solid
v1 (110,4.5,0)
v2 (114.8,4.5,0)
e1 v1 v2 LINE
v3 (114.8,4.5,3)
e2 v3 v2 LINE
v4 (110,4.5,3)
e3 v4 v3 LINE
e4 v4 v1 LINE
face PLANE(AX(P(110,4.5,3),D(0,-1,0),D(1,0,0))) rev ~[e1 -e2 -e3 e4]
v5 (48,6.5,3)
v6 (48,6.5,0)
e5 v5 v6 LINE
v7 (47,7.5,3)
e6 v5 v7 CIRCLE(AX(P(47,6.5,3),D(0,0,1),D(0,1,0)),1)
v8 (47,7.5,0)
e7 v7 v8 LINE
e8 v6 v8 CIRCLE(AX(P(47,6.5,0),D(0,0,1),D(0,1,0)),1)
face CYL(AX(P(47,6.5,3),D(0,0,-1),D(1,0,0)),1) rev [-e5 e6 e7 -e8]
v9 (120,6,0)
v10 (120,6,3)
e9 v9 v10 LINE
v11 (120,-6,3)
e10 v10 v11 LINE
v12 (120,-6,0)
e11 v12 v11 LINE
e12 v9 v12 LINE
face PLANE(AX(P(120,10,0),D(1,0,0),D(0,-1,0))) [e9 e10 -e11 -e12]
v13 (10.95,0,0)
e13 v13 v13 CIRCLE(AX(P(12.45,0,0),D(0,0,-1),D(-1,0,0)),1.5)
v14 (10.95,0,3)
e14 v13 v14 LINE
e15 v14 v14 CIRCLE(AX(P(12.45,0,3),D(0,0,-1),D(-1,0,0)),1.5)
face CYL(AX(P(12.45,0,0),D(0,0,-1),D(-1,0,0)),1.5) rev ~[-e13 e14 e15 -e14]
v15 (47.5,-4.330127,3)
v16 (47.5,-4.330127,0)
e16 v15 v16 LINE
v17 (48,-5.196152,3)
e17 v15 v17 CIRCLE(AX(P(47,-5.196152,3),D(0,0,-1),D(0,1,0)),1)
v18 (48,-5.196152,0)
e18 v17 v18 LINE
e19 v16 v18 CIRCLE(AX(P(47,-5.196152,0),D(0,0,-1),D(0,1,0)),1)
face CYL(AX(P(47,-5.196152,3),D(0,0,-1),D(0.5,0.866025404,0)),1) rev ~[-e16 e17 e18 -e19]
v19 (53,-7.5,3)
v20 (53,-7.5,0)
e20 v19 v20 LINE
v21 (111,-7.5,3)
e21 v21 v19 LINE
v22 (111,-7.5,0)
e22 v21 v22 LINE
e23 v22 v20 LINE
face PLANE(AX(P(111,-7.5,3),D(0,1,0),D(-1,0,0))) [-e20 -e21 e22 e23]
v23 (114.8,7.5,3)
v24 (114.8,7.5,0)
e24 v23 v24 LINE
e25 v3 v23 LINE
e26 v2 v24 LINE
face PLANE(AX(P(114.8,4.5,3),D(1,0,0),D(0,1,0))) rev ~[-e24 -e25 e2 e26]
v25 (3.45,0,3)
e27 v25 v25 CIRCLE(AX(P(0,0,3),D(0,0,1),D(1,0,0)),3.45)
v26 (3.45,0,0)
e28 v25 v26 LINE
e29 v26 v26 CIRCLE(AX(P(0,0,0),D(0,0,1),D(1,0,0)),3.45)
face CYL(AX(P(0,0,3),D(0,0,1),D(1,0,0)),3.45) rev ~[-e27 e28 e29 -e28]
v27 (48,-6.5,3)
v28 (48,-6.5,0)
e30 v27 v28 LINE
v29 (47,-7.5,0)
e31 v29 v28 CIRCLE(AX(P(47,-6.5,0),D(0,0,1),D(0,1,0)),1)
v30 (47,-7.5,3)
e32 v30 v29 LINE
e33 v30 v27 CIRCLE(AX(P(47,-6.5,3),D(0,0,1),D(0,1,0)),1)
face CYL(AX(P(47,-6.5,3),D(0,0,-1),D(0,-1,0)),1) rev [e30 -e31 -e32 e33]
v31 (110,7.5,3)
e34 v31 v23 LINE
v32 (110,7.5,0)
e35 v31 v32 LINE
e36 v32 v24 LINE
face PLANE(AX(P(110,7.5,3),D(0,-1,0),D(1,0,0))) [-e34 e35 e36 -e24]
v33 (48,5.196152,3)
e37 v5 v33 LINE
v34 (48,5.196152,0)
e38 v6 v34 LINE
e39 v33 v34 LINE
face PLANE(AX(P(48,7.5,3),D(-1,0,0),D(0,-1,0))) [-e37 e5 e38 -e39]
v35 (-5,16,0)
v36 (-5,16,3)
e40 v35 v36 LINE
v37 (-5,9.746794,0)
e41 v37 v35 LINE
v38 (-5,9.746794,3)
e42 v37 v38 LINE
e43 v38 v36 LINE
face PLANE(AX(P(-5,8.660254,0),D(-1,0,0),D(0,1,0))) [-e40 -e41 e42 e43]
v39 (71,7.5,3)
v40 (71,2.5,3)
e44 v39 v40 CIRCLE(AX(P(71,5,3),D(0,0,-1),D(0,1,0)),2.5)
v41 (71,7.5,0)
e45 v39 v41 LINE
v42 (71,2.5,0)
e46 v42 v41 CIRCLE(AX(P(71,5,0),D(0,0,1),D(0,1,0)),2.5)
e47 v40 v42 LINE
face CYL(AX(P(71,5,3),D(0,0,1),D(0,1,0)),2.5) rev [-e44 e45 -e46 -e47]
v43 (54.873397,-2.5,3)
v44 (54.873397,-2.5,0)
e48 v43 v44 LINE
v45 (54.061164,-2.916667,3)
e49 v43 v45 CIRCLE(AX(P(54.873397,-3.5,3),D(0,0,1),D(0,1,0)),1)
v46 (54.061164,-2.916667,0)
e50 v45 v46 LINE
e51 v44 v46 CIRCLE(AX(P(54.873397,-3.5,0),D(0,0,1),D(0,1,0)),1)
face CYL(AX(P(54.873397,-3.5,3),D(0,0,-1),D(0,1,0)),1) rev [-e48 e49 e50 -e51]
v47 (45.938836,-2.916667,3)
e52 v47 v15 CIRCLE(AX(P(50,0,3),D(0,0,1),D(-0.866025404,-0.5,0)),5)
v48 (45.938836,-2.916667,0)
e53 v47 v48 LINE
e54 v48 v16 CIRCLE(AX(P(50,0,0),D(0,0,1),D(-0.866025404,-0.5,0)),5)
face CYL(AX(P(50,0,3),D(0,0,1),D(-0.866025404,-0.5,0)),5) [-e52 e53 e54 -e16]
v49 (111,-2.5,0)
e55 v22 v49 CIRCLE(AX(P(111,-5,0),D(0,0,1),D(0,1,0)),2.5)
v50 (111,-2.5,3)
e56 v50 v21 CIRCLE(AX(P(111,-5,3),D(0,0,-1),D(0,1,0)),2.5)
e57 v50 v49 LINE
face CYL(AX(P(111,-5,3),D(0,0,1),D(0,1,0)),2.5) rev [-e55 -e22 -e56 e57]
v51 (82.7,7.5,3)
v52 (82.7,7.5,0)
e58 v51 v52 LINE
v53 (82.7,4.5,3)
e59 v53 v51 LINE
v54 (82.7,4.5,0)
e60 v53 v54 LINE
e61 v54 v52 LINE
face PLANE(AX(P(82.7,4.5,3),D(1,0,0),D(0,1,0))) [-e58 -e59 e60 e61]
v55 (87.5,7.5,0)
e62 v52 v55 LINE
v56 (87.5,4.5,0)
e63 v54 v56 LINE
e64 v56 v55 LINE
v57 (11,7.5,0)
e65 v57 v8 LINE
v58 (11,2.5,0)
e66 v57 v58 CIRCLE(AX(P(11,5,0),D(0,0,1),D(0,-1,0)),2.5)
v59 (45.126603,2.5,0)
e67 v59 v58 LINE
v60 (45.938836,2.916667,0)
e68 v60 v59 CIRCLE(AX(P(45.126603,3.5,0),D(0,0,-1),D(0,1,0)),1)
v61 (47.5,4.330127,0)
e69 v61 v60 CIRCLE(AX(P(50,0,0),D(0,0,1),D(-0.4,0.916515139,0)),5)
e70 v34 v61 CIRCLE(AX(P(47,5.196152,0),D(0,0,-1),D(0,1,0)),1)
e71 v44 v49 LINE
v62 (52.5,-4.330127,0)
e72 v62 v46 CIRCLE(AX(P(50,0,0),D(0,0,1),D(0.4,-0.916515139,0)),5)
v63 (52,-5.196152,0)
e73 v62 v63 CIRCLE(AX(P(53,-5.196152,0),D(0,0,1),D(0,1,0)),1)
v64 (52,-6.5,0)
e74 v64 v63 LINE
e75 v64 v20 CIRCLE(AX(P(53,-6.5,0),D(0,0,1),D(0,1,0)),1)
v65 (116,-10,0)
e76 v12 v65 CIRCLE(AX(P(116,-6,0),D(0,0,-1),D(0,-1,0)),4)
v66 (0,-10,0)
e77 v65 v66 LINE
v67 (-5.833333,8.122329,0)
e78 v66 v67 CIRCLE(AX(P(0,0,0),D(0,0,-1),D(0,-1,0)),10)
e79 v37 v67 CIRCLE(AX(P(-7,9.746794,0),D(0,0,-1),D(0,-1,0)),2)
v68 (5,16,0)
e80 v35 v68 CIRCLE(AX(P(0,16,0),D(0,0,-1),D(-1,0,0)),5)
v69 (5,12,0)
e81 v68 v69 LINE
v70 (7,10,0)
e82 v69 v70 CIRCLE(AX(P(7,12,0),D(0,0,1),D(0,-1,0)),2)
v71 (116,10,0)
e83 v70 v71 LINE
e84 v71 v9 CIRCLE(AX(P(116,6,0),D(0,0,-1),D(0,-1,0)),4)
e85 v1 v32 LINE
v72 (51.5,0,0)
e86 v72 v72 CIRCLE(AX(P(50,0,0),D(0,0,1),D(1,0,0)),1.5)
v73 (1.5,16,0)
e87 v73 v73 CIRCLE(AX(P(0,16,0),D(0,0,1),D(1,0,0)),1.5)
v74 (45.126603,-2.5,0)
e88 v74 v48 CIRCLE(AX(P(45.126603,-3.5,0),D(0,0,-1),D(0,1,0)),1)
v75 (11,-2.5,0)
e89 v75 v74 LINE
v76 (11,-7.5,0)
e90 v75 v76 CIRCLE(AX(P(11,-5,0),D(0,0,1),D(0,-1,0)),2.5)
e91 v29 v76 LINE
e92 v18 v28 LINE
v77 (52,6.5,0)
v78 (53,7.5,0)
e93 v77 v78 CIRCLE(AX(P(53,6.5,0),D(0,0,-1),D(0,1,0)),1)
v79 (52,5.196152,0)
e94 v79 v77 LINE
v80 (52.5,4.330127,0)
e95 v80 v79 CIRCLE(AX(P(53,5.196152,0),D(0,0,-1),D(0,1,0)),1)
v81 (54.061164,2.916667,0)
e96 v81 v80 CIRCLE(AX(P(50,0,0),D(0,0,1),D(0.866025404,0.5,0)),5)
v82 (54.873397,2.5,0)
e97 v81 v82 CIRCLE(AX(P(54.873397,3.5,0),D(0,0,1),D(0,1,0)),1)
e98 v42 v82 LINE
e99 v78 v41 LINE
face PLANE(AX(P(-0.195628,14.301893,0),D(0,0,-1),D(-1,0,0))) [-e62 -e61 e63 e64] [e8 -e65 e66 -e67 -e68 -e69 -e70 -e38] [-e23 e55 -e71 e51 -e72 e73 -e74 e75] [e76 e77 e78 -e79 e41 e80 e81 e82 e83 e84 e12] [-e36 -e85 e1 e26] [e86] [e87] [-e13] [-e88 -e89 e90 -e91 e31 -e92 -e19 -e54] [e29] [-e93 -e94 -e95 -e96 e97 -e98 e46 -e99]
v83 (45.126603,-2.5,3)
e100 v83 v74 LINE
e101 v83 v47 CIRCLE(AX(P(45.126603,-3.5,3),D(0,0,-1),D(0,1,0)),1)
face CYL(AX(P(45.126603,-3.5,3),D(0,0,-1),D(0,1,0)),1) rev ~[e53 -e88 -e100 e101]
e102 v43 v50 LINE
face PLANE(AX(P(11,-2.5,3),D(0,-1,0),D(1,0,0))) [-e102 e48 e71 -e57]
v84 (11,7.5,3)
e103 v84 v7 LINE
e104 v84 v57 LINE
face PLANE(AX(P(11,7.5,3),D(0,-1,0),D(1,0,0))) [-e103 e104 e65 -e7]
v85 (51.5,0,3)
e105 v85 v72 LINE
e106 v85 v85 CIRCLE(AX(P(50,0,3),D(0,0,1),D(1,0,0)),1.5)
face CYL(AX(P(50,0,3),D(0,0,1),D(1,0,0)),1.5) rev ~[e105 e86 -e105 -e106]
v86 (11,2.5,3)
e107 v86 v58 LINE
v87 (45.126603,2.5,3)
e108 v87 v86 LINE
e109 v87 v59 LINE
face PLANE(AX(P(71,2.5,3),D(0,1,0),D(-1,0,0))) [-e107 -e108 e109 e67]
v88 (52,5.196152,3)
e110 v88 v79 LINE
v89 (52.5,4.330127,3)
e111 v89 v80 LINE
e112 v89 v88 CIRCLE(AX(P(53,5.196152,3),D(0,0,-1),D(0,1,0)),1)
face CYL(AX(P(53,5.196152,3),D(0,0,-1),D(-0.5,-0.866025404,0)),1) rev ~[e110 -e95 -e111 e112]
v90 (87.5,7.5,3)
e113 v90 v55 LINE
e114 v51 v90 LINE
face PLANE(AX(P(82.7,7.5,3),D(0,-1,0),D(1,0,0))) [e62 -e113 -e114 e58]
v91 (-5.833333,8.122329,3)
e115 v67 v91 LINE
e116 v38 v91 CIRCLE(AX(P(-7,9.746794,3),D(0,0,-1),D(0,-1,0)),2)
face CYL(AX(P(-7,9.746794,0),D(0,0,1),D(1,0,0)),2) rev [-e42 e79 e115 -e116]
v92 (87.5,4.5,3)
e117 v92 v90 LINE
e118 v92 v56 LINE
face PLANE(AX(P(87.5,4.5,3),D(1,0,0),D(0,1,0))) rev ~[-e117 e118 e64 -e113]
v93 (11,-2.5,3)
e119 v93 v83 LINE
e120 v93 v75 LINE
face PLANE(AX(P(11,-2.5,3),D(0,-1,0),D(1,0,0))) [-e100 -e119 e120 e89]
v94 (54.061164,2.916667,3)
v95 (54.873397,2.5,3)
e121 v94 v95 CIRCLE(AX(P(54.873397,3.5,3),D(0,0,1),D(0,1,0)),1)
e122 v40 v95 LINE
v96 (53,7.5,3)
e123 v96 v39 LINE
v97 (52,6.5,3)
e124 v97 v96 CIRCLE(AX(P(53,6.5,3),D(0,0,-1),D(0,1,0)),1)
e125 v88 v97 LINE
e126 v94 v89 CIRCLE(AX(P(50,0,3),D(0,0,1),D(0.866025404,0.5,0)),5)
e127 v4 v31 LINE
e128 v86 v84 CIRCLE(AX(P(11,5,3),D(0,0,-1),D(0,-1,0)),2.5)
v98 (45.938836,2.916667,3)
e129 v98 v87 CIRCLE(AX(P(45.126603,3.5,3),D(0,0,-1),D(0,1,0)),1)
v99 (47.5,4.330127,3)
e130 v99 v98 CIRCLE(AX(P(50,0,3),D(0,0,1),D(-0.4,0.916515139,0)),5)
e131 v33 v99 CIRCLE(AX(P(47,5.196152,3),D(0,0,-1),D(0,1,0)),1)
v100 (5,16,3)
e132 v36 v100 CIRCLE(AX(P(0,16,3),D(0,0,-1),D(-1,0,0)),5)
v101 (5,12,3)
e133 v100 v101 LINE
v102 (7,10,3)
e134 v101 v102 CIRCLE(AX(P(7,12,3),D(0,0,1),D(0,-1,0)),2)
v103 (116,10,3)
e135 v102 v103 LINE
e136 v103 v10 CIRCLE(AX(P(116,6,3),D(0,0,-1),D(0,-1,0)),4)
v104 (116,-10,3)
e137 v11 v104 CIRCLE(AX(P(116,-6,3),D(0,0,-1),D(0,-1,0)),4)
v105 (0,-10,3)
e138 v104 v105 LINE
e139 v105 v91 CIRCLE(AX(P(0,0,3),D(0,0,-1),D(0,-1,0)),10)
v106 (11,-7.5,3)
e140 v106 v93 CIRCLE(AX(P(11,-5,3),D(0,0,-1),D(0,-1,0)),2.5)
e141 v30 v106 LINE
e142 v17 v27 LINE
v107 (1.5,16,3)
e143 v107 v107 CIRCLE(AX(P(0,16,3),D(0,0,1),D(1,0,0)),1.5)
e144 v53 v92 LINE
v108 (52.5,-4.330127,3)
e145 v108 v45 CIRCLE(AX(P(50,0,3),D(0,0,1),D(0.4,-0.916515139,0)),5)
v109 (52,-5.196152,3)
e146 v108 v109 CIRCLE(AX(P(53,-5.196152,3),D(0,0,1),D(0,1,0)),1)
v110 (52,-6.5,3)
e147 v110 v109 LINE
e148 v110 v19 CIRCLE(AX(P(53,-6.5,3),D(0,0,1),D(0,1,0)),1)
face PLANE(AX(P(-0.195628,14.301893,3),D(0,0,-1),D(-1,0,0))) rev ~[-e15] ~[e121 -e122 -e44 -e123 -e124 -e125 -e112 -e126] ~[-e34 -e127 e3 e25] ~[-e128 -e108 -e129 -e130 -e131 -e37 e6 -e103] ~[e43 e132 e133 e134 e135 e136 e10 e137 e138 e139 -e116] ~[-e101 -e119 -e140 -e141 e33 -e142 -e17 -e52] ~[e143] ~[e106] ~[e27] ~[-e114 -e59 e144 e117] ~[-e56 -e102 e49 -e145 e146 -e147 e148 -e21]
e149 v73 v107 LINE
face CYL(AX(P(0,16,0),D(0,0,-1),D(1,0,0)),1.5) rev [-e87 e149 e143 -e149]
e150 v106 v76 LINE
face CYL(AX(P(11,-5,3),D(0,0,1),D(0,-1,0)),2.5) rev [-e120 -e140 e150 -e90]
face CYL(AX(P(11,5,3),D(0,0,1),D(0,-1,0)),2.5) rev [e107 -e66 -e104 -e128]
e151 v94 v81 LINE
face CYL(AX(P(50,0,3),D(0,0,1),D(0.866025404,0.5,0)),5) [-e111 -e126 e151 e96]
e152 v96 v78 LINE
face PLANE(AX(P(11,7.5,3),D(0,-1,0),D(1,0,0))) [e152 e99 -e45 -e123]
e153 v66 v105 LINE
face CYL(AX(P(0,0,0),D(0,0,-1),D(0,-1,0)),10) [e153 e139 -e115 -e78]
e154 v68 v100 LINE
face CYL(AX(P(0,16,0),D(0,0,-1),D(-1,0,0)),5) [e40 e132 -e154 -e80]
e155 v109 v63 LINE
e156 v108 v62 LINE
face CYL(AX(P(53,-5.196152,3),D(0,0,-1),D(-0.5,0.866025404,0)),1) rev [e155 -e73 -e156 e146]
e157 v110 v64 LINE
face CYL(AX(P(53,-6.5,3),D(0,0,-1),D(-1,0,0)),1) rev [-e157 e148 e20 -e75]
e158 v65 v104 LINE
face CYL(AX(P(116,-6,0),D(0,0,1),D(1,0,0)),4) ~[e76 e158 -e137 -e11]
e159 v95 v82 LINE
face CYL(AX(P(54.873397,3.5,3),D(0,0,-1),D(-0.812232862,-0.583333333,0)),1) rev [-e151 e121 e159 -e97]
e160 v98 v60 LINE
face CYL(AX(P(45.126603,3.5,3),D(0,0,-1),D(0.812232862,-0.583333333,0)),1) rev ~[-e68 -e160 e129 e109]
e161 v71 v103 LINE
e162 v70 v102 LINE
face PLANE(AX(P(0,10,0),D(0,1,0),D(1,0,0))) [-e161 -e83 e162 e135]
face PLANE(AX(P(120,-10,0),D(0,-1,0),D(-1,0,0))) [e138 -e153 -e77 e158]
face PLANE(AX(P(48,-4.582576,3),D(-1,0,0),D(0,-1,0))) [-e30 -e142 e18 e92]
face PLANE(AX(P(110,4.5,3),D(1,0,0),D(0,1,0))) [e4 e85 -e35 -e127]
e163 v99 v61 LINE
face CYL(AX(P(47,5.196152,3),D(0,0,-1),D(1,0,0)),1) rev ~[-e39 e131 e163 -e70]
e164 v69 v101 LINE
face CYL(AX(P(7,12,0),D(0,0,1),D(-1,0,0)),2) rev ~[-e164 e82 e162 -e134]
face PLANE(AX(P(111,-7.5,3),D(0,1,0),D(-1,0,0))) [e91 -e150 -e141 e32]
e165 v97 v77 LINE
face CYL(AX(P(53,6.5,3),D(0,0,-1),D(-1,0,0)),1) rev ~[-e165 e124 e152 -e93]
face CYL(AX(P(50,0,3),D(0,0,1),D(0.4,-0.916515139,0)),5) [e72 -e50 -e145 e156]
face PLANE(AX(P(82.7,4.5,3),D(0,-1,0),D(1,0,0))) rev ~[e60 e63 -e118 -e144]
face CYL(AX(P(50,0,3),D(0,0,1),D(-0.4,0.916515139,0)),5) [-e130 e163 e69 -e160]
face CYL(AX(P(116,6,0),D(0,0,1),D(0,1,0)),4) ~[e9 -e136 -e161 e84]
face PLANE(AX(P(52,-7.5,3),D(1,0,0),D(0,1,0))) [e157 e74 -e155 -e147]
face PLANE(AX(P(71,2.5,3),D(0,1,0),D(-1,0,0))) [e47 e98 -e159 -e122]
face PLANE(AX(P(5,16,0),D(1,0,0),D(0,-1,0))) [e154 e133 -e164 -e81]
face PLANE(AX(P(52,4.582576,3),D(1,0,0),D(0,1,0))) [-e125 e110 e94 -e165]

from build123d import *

# Parameters (mm, degrees)
BOSS_EXTRUDE1_DEPTH = 3
CUT_EXTRUDE1_REACH  = 122.453
SKETCH2_R           = 3.45
FILLET1_R           = 4
CUT_EXTRUDE2_REACH  = 122.453
SKETCH3_W           = 4.8
SKETCH3_H           = 3
CUT_EXTRUDE3_REACH  = 122.453
SKETCH5_R           = 1.5
BOSS_EXTRUDE2_DEPTH = 3
CUT_EXTRUDE4_REACH  = 122.453
SKETCH5_3_R         = 1.5
FILLET2_R           = 1
CUT_EXTRUDE5_REACH  = 122.453
SKETCH6_R           = 1.5
BOSS_EXTRUDE3_START = -3
SKETCH8_R           = 1.5
BOSS_EXTRUDE3_DEPTH = 3
FILLET3_R           = 2


with BuildPart() as part:
    # Sketch1 → Boss-Extrude1 (new body)
    with BuildSketch(Plane.XY):
        with BuildLine():
            Line((0, 10), (120, 10))
            Line((120, 10), (120, -10))
            Line((120, -10), (0, -10))
            ThreePointArc((0, -10), (-10, 0), (0, 10))
        make_face()
    extrude(amount=BOSS_EXTRUDE1_DEPTH)

    # Sketch2 → Cut-Extrude1 (cut, up to next)
    with BuildSketch(Plane.XY.offset(3), mode=Mode.PRIVATE) as cut_extrude1_sk1:
        Circle(SKETCH2_R)
    cut_extrude1_tool1 = extrude(cut_extrude1_sk1.sketch, amount=-CUT_EXTRUDE1_REACH, mode=Mode.PRIVATE) & part.part
    add(cut_extrude1_tool1.solids().sort_by_distance((0, 0, 3))[0], mode=Mode.SUBTRACT)

    # Fillet1
    fillet1_edges = [part.edges().sort_by_distance(p)[0] for p in [
        (120, 10, 1.5),
        (120, -10, 1.5),
    ]]
    fillet(fillet1_edges, radius=FILLET1_R)

    # Sketch3 → Cut-Extrude2 (cut, up to next)
    with BuildSketch(Plane.XY.offset(3), mode=Mode.PRIVATE) as cut_extrude2_sk1:
        with Locations((85.1, 6)):
            Rectangle(SKETCH3_W, SKETCH3_H)
    cut_extrude2_tool1 = extrude(cut_extrude2_sk1.sketch, amount=-CUT_EXTRUDE2_REACH, mode=Mode.PRIVATE) & part.part
    # Sketch3 → Cut-Extrude2 (cut, up to next)
    with BuildSketch(Plane.XY.offset(3), mode=Mode.PRIVATE) as cut_extrude2_sk2:
        with Locations((112.4, 6)):
            Rectangle(SKETCH3_W, SKETCH3_H)
    cut_extrude2_tool2 = extrude(cut_extrude2_sk2.sketch, amount=-CUT_EXTRUDE2_REACH, mode=Mode.PRIVATE) & part.part
    add(cut_extrude2_tool1.solids().sort_by_distance((85.1, 6, 3))[0], mode=Mode.SUBTRACT)
    add(cut_extrude2_tool2.solids().sort_by_distance((112.4, 6, 3))[0], mode=Mode.SUBTRACT)

    # Sketch4 → Cut-Extrude3 (cut, up to next)
    with BuildSketch(Plane.XY.offset(3), mode=Mode.PRIVATE) as cut_extrude3_sk1:
        with BuildLine():
            Line((11, 7.5), (71, 7.5))
            ThreePointArc((71, 7.5), (73.5, 5), (71, 2.5))
            Line((71, 2.5), (11, 2.5))
            ThreePointArc((11, 2.5), (8.5, 5), (11, 7.5))
        make_face()
    cut_extrude3_tool1 = extrude(cut_extrude3_sk1.sketch, amount=-CUT_EXTRUDE3_REACH, mode=Mode.PRIVATE) & part.part
    # Sketch4 → Cut-Extrude3 (cut, up to next)
    with BuildSketch(Plane.XY.offset(3), mode=Mode.PRIVATE) as cut_extrude3_sk2:
        with BuildLine():
            Line((11, -2.5), (111, -2.5))
            ThreePointArc((111, -2.5), (113.5, -5), (111, -7.5))
            Line((111, -7.5), (11, -7.5))
            ThreePointArc((11, -7.5), (8.5, -5), (11, -2.5))
        make_face()
    cut_extrude3_tool2 = extrude(cut_extrude3_sk2.sketch, amount=-CUT_EXTRUDE3_REACH, mode=Mode.PRIVATE) & part.part
    add(cut_extrude3_tool1.solids().sort_by_distance((41, 5, 3))[0], mode=Mode.SUBTRACT)
    add(cut_extrude3_tool2.solids().sort_by_distance((61, -5, 3))[0], mode=Mode.SUBTRACT)

    # Sketch5 → Boss-Extrude2 (add)
    # profile 1 of 3: a face of its own
    with BuildSketch(Plane.XY.offset(3)):
        with BuildLine():
            Line((52, 7.5), (48, 7.5))
            Line((48, 7.5), (48, 4.582575695))
            ThreePointArc((48, 4.582575695), (46.668047509, 3.728014565), (45.669872981, 2.5))
            Line((45.669872981, 2.5), (54.330127019, 2.5))
            ThreePointArc((54.330127019, 2.5), (53.331952491, 3.728014565), (52, 4.582575695))
            Line((52, 4.582575695), (52, 7.5))
        make_face()
    # profile 2 of 3: a face of its own
    with BuildSketch(Plane.XY.offset(3)):
        with BuildLine():
            Line((54.330127019, -2.5), (45.669872981, -2.5))
            ThreePointArc((45.669872981, -2.5), (46.668047509, -3.728014565), (48, -4.582575695))
            Line((48, -4.582575695), (48, -7.5))
            Line((48, -7.5), (52, -7.5))
            Line((52, -7.5), (52, -4.582575695))
            ThreePointArc((52, -4.582575695), (53.331952491, -3.728014565), (54.330127019, -2.5))
        make_face()
    # profile 3 of 3: a face of its own
    with BuildSketch(Plane.XY.offset(3)):
        with BuildLine():
            Line((54.330127019, 2.5), (45.669872981, 2.5))
            ThreePointArc((45.669872981, 2.5), (45, 0), (45.669872981, -2.5))
            Line((45.669872981, -2.5), (54.330127019, -2.5))
            ThreePointArc((54.330127019, -2.5), (55, 0), (54.330127019, 2.5))
        make_face()
        with Locations((50, 0)):
            Circle(SKETCH5_R, mode=Mode.SUBTRACT)
    extrude(amount=-BOSS_EXTRUDE2_DEPTH)

    # Sketch5<3> → Cut-Extrude4 (cut, up to next)
    with BuildSketch(Plane.XY.offset(3), mode=Mode.PRIVATE) as cut_extrude4_sk1:
        with Locations((50, 0)):
            Circle(SKETCH5_3_R)
    cut_extrude4_tool1 = extrude(cut_extrude4_sk1.sketch, amount=-CUT_EXTRUDE4_REACH, mode=Mode.PRIVATE) & part.part
    add(cut_extrude4_tool1.solids().sort_by_distance((50, 0, 3))[0], mode=Mode.SUBTRACT)

    # Fillet2
    fillet2_edges = [part.edges().sort_by_distance(p)[0] for p in [
        (52, 4.582575695, 1.5),
        (48, -4.582575695, 1.5),
        (48, -7.5, 1.5),
        (52, -7.5, 1.5),
        (52, -4.582575695, 1.5),
        (54.330127019, -2.5, 1.5),
        (52, 7.5, 1.5),
        (48, 7.5, 1.5),
        (48, 4.582575695, 1.5),
        (45.669872981, -2.5, 1.5),
        (45.669872981, 2.5, 1.5),
        (54.330127019, 2.5, 1.5),
    ]]
    fillet(fillet2_edges, radius=FILLET2_R)

    # Sketch6 → Cut-Extrude5 (cut, up to next)
    with BuildSketch(Plane(origin=(0, 0, 0), x_dir=(-1, 0, 0), z_dir=(0, 0, -1)), mode=Mode.PRIVATE) as cut_extrude5_sk1:
        with Locations((-12.45, 0)):
            Circle(SKETCH6_R)
    cut_extrude5_tool1 = extrude(cut_extrude5_sk1.sketch, amount=-CUT_EXTRUDE5_REACH, mode=Mode.PRIVATE) & part.part
    add(cut_extrude5_tool1.solids().sort_by_distance((12.45, 0, 0))[0], mode=Mode.SUBTRACT)

    # Sketch8 → Boss-Extrude3 (add)
    with BuildSketch(Plane.XY.offset(3).offset(BOSS_EXTRUDE3_START)):
        with BuildLine():
            Line((5, 16), (5, 10))
            Line((5, 10), (0, 10))
            ThreePointArc((0, 10), (-2.588190451, 9.659258263), (-5, 8.660254038))
            Line((-5, 8.660254038), (-5, 16))
            ThreePointArc((-5, 16), (0, 21), (5, 16))
        make_face()
        with Locations((0, 16)):
            Circle(SKETCH8_R, mode=Mode.SUBTRACT)
    extrude(amount=BOSS_EXTRUDE3_DEPTH)

    # Fillet3
    fillet3_edges = [part.edges().sort_by_distance(p)[0] for p in [
        (5, 10, 1.5),
        (-5, 8.660254038, 1.5),
    ]]
    fillet(fillet3_edges, radius=FILLET3_R)


solid = part.part
